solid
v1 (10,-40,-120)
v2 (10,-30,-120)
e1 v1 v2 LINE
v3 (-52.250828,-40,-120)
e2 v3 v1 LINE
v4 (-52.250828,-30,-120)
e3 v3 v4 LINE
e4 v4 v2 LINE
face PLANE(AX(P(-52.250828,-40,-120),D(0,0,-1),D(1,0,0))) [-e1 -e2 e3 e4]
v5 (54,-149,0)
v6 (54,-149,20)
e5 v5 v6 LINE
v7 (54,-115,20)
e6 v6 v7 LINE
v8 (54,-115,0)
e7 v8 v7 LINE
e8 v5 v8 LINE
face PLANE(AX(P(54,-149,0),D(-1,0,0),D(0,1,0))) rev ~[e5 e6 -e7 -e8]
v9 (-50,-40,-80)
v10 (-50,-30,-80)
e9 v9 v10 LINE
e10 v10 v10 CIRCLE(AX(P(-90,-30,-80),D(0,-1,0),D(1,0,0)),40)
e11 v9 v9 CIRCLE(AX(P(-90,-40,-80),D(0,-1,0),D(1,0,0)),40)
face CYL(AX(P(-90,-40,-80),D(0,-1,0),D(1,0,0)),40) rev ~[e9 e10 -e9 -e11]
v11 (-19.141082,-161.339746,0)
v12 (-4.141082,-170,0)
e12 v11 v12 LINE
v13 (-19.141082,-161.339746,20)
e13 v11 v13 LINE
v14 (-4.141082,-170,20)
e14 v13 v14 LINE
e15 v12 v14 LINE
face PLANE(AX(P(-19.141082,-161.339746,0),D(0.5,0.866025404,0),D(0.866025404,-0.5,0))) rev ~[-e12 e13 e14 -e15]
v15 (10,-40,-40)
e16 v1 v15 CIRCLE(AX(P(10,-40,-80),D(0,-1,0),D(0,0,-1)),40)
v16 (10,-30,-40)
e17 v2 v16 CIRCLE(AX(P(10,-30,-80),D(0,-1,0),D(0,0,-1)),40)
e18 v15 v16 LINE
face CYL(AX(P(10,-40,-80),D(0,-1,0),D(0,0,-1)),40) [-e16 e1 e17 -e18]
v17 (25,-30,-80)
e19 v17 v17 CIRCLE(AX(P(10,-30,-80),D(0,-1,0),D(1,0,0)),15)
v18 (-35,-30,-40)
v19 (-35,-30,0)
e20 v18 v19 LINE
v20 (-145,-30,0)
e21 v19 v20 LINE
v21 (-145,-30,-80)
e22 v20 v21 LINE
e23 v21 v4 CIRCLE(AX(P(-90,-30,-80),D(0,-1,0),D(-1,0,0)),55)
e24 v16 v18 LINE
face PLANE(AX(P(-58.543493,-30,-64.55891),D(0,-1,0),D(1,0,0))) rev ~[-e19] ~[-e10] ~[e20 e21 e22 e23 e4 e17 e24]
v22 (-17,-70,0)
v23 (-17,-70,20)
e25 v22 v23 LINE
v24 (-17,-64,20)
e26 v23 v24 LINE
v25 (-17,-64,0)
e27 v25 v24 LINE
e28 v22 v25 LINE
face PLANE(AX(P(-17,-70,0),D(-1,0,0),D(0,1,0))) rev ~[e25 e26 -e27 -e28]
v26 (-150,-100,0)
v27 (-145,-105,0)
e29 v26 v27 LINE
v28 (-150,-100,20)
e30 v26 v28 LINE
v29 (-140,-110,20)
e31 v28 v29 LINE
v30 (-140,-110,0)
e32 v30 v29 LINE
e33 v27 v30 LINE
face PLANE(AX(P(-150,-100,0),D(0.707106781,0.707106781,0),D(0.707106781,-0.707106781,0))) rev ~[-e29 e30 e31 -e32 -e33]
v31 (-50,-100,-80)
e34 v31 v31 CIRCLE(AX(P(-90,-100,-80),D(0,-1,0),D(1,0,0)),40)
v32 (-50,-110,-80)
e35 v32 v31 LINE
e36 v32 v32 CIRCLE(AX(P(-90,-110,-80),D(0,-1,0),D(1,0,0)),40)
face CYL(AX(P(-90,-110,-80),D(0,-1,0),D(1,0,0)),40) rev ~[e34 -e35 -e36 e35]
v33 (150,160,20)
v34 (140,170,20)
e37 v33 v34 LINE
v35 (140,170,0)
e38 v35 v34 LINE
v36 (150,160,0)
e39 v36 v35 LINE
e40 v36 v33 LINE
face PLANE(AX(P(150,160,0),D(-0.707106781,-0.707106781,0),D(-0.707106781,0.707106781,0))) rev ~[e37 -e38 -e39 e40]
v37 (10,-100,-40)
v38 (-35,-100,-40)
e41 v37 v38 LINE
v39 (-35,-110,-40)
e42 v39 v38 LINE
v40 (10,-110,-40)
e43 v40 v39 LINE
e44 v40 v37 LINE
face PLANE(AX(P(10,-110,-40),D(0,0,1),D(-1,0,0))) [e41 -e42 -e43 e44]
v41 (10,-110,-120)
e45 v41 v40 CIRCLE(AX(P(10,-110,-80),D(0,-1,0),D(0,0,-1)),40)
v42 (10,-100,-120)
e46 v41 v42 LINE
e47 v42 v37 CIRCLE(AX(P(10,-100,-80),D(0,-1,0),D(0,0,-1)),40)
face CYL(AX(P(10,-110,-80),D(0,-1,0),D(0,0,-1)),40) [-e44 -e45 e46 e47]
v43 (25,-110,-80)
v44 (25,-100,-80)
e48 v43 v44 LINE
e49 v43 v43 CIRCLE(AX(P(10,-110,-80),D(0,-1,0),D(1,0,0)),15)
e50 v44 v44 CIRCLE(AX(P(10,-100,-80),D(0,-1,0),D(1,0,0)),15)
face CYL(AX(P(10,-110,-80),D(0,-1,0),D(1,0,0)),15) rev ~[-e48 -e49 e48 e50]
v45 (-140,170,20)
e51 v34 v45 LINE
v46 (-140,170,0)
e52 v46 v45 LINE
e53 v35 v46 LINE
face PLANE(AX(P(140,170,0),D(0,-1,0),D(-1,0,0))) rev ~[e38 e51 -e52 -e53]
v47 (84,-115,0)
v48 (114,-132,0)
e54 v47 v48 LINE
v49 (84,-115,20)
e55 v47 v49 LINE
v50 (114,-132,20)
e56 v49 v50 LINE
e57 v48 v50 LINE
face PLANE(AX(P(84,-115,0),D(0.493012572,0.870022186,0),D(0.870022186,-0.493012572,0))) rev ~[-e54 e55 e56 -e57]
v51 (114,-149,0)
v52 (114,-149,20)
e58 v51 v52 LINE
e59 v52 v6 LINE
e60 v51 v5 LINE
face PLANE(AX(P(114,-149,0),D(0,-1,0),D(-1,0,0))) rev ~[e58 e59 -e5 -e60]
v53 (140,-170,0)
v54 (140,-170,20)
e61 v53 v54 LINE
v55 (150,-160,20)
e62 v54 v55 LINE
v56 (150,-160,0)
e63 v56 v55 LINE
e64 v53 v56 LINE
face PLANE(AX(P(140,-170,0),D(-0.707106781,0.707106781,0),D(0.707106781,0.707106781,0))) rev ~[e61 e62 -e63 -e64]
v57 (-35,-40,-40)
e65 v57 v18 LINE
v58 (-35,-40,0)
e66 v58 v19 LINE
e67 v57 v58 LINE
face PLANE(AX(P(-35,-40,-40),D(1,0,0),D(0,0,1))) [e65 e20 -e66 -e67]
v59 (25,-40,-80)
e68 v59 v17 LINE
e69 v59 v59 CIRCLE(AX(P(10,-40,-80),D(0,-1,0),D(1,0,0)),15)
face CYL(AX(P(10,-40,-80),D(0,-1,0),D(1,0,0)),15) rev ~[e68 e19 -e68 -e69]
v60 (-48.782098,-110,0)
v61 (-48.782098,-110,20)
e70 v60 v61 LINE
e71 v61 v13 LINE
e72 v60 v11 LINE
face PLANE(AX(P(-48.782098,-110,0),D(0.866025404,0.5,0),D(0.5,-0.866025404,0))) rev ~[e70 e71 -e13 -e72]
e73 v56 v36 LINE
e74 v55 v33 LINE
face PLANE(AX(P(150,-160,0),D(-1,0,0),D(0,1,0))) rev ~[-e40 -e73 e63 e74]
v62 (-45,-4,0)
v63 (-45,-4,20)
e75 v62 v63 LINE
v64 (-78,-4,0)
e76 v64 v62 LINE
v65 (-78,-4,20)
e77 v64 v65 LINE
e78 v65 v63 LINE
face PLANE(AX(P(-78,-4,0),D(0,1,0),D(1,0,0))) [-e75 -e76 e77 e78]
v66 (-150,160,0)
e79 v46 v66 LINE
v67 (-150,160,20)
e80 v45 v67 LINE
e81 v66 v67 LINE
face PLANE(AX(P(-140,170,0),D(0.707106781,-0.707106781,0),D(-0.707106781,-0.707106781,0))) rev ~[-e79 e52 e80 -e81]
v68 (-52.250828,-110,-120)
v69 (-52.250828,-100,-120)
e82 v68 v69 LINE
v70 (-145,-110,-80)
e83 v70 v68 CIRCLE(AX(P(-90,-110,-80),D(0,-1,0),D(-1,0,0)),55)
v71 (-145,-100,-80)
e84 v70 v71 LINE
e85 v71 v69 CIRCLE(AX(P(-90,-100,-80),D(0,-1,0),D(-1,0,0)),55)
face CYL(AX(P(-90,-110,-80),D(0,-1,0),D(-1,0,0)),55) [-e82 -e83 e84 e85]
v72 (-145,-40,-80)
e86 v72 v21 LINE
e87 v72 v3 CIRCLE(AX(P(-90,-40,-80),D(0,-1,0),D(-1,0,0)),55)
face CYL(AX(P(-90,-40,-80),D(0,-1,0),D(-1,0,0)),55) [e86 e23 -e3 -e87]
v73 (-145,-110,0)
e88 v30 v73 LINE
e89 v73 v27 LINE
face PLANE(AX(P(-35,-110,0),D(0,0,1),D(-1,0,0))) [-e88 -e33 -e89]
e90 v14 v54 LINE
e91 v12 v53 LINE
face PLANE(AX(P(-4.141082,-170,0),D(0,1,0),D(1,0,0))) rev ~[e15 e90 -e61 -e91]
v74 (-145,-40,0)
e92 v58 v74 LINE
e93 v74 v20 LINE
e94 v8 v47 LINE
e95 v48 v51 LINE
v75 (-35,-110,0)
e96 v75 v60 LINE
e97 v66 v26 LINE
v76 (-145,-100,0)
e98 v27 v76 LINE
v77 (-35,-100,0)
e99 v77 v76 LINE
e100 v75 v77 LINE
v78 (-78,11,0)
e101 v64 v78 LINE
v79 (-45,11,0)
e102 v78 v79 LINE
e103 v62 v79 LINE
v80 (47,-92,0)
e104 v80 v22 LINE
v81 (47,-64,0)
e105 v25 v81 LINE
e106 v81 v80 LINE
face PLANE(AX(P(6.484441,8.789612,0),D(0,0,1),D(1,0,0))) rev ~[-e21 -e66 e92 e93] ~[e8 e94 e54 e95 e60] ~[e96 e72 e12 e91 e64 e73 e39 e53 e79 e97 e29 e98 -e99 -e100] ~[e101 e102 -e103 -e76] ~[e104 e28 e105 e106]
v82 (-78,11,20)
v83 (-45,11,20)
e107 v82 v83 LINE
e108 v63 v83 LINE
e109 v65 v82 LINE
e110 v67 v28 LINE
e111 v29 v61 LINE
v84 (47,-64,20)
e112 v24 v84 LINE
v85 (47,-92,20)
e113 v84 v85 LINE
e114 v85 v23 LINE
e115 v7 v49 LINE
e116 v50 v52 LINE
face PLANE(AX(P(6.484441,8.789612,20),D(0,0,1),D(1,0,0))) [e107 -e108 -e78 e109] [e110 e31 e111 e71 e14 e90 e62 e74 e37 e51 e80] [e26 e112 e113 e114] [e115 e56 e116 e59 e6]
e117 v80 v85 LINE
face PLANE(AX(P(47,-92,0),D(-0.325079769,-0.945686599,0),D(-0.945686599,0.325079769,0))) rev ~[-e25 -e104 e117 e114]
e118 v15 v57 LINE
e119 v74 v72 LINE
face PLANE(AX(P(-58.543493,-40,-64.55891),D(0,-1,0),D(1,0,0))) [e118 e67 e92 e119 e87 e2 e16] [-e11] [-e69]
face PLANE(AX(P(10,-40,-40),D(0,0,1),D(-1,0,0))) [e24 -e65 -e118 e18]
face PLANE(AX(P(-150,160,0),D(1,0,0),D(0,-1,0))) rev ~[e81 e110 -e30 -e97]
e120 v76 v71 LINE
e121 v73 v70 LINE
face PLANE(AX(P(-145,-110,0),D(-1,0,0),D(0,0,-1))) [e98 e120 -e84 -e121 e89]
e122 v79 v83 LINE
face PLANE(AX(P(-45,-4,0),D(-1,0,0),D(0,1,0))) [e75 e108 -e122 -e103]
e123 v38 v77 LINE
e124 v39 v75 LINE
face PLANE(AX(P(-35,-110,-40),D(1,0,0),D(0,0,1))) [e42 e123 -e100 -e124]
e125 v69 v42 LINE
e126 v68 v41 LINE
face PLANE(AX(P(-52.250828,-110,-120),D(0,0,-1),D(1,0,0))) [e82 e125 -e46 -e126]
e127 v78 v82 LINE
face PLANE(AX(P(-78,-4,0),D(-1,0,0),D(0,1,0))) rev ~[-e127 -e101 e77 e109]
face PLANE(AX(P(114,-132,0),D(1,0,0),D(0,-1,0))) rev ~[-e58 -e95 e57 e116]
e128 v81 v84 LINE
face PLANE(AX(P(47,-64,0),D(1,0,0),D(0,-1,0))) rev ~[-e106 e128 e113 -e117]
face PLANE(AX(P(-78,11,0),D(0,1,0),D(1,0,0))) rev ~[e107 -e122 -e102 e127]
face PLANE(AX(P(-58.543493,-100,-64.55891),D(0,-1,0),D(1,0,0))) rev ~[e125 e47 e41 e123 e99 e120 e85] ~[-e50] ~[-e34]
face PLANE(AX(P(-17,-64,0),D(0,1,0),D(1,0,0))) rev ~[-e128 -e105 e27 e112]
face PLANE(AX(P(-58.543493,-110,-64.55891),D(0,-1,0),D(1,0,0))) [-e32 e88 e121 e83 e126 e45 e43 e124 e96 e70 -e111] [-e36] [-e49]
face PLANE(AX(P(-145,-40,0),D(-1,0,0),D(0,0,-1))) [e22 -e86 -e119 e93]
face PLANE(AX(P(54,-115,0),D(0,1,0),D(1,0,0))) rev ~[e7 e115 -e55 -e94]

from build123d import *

# Parameters (mm, degrees)
SKETCH2_W           = 33
SKETCH2_H           = 15
BOSS_EXTRUDE1_DEPTH = 20
SKETCH8_R           = 40
SKETCH8_R_2         = 15
BOSS_EXTRUDE3_DEPTH = 10
LPATTERN1_COUNT     = 2
LPATTERN1_PITCH     = 70


with BuildPart() as part:
    # Sketch2 → Boss-Extrude1 (new body)
    with BuildSketch(Plane.XY):
        Polygon((-140, -110), (-48.782097787, -110), (-19.141081636, -161.339745962), (-4.141081636, -170), (140, -170), (150, -160), (150, 160), (140, 170), (-140, 170), (-150, 160), (-150, -100), align=None)
        Polygon((84, -115), (114, -132), (114, -149), (54, -149), (54, -115), align=None, mode=Mode.SUBTRACT)
        Polygon((47, -92), (-17, -70), (-17, -64), (47, -64), align=None, mode=Mode.SUBTRACT)
        with Locations((-61.5, 3.5)):
            Rectangle(SKETCH2_W, SKETCH2_H, mode=Mode.SUBTRACT)
    extrude(amount=BOSS_EXTRUDE1_DEPTH)

    # Sketch8 → Boss-Extrude3 (add)
    with BuildSketch(Plane.XZ.offset(110)):
        with BuildLine():
            Line((-145, 0), (-145, -80))
            ThreePointArc((-145, -80), (-111.780674121, -130.503487353), (-52.250827824, -120))
            Line((-52.250827824, -120), (10, -120))
            ThreePointArc((10, -120), (50, -80), (10, -40))
            Line((10, -40), (-35, -40))
            Line((-35, -40), (-35, 0))
            Line((-35, 0), (-145, 0))
        make_face()
        with Locations((-90, -80)):
            Circle(SKETCH8_R, mode=Mode.SUBTRACT)
        with Locations((10, -80)):
            Circle(SKETCH8_R_2, mode=Mode.SUBTRACT)
    boss_extrude3 = extrude(amount=-BOSS_EXTRUDE3_DEPTH)

    # LPattern1: Boss-Extrude3 ×2
    with Locations(*[(0, i * LPATTERN1_PITCH, 0) for i in range(1, LPATTERN1_COUNT)]):
        add(boss_extrude3)


solid = part.part
